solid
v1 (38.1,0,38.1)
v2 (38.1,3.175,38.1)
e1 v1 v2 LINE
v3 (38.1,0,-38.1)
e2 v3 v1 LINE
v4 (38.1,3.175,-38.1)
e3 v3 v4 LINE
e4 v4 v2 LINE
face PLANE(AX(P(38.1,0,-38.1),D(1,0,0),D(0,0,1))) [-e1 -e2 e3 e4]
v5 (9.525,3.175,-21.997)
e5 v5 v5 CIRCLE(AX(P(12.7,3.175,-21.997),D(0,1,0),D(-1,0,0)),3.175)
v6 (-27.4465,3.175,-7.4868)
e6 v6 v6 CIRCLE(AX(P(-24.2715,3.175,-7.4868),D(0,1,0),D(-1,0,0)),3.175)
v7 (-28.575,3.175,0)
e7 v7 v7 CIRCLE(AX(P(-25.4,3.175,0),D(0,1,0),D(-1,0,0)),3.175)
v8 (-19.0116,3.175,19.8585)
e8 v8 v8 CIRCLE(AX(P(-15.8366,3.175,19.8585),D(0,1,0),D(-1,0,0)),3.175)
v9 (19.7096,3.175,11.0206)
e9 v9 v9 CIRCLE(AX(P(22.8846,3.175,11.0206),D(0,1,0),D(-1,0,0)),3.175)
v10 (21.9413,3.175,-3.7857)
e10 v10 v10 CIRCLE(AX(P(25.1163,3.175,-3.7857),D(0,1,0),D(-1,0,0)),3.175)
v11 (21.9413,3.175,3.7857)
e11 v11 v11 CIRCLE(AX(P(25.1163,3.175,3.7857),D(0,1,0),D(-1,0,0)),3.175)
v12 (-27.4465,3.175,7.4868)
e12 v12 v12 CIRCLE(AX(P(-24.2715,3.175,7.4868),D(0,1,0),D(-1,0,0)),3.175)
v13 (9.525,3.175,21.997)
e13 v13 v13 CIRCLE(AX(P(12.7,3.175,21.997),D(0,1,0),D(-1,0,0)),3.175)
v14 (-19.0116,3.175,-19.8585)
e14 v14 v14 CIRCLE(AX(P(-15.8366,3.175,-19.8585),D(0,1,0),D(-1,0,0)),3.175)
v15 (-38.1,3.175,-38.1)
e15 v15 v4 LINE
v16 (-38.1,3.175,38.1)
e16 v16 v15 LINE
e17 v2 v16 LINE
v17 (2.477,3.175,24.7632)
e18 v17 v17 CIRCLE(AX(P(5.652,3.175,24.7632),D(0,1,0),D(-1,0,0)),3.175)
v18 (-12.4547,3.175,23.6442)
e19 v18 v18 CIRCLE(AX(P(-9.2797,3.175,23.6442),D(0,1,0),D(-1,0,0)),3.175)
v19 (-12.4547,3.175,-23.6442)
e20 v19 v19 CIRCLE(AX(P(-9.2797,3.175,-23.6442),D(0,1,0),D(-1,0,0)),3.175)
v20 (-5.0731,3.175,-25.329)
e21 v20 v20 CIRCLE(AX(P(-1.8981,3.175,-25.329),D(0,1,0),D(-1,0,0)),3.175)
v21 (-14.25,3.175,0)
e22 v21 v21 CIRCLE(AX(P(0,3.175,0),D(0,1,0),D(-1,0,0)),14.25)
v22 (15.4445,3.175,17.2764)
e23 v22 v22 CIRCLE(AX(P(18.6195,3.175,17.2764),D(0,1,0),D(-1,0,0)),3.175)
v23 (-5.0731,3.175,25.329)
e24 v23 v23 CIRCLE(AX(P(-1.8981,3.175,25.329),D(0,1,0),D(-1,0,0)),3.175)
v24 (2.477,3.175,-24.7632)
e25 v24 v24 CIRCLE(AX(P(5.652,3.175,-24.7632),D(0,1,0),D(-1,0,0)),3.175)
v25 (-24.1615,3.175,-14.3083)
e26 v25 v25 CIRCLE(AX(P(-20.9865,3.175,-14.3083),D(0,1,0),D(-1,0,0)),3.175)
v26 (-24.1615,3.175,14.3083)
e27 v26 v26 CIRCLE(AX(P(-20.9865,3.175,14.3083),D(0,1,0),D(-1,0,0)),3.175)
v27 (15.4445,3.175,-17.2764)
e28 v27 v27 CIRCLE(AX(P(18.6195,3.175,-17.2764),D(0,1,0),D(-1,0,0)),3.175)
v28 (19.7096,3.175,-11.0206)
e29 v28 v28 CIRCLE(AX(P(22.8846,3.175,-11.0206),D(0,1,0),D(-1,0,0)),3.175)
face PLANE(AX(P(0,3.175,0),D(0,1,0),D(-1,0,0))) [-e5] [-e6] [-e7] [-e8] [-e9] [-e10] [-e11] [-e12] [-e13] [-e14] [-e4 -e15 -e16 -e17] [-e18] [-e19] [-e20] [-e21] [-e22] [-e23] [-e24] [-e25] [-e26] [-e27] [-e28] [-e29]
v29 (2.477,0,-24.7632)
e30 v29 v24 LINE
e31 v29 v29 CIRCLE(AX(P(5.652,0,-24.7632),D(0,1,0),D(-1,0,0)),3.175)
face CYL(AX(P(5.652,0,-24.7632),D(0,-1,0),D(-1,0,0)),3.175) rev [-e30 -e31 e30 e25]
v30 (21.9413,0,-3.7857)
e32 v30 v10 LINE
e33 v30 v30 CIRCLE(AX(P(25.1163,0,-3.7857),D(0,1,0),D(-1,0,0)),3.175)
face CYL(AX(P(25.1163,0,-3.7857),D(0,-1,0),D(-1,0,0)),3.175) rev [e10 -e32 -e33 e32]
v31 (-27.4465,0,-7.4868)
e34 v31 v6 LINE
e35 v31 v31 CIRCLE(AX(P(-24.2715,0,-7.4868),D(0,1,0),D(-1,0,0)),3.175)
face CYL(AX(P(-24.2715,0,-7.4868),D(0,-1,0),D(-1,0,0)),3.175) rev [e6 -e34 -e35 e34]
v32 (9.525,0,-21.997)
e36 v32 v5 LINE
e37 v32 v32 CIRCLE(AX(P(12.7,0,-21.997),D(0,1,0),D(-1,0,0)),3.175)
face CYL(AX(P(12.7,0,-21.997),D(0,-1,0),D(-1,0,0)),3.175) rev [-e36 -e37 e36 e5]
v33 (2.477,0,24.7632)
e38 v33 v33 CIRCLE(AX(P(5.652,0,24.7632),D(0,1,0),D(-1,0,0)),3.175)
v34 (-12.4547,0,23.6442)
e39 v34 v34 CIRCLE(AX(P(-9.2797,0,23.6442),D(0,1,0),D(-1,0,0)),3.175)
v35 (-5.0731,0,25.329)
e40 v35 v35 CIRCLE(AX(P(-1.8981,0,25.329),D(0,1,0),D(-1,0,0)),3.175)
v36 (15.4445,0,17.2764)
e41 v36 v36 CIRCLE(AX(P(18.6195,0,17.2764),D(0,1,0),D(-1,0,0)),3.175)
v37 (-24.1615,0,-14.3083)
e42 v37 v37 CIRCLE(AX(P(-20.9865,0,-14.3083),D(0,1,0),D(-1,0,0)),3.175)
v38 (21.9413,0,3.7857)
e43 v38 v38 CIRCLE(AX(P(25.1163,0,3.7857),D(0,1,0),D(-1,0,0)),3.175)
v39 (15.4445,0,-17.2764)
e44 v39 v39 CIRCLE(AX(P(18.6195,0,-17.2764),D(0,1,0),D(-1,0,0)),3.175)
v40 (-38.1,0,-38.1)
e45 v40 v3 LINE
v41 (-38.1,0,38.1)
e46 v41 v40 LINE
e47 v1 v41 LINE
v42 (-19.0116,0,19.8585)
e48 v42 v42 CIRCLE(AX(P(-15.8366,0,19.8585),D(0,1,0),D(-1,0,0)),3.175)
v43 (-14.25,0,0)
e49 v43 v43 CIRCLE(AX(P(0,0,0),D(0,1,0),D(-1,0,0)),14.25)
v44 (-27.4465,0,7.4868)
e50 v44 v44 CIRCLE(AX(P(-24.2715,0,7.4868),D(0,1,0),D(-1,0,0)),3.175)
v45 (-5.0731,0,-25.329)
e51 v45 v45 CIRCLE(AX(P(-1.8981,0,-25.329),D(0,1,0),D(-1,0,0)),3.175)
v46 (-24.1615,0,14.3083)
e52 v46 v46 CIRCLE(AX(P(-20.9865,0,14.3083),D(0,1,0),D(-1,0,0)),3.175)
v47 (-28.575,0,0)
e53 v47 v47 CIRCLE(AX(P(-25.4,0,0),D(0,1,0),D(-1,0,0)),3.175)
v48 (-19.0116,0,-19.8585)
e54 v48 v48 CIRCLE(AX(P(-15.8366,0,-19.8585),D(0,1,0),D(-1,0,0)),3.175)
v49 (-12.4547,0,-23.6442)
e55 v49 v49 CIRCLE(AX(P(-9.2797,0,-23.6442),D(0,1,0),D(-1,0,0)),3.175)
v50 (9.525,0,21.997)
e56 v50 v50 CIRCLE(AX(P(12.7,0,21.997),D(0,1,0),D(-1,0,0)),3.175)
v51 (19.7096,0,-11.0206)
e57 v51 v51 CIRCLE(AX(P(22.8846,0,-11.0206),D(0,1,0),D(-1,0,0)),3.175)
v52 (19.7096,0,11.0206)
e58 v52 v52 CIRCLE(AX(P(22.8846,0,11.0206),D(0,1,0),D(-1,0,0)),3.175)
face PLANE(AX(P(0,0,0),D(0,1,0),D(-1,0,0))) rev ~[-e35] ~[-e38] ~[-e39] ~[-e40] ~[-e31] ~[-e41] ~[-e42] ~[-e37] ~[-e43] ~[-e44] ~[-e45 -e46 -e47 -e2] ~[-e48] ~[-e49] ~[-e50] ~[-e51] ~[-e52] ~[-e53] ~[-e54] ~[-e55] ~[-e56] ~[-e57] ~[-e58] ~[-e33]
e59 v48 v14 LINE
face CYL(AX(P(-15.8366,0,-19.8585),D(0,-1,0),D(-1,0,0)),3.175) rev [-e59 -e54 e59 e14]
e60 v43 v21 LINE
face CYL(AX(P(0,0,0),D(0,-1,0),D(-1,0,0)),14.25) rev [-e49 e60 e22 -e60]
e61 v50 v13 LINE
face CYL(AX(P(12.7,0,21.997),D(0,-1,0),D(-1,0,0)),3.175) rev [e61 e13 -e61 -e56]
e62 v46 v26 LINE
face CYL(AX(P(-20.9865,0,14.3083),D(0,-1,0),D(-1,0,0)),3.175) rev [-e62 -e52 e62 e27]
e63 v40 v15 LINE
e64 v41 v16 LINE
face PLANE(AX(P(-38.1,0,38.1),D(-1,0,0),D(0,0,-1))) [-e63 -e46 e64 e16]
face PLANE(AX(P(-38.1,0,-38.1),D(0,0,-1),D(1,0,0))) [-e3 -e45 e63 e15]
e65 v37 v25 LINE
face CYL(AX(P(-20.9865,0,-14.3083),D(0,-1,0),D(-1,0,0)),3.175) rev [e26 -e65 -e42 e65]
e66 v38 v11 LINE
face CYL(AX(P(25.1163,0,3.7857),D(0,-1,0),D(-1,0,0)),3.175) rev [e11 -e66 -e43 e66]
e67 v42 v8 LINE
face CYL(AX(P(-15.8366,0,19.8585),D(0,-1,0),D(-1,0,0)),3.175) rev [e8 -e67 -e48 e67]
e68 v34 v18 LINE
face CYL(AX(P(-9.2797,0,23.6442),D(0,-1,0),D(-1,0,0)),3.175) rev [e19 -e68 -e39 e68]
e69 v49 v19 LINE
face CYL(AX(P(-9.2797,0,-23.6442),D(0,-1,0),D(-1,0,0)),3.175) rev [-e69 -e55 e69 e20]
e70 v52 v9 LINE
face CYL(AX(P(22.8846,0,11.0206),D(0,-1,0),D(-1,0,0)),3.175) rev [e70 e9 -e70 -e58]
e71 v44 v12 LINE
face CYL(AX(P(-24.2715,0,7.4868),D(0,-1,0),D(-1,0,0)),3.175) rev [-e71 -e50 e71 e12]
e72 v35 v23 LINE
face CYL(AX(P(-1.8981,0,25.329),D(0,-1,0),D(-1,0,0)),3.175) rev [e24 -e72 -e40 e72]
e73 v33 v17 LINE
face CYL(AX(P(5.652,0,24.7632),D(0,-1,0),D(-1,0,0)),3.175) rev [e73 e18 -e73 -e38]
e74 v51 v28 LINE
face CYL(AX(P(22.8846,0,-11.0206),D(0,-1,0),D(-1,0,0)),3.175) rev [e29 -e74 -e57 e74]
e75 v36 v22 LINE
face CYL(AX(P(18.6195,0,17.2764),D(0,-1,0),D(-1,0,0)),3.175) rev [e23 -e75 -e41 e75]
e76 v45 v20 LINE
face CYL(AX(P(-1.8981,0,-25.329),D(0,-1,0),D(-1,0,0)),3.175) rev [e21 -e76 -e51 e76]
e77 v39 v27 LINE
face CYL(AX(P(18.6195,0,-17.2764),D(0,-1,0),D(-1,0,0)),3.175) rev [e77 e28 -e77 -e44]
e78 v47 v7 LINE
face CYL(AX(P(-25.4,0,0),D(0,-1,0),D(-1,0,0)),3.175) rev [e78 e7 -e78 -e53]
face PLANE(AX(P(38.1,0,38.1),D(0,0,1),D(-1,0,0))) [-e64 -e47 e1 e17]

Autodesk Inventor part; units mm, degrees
ref_plane "YZ Plane" through (0, 0, 0) normal (1, 0, 0) x (0, 1, 0)
ref_plane "XZ Plane" through (0, 0, 0) normal (0, 1, 0) x (-1, 0, 0)
ref_plane "XY Plane" through (0, 0, 0) normal (0, 0, 1) x (1, 0, 0)
sketch "Sketch1" plane through (0, 0, 0) normal (0, 1, 0) x (-1, 0, 0)
  circle A0 centre (0, 0) radius 25.4 construction
  circle A1 centre (25.4, 0) radius 3.175
  line L0 (-38.1, 38.1) -> (38.1, 38.1)
  line L1 (38.1, 38.1) -> (38.1, -38.1)
  line L2 (38.1, -38.1) -> (-38.1, -38.1)
  line L3 (-38.1, -38.1) -> (-38.1, 38.1)
  line L4 (-38.1, 38.1) -> (38.1, -38.1) construction
  line L5 (38.1, 38.1) -> (-38.1, -38.1) construction
  circle A2 centre (24.2715, -7.4868) radius 3.175
  circle A3 centre (20.9865, -14.3083) radius 3.175
  circle A4 centre (15.8366, -19.8585) radius 3.175
  circle A5 centre (9.2797, -23.6442) radius 3.175
  circle A6 centre (1.8981, -25.329) radius 3.175
  circle A7 centre (-5.652, -24.7632) radius 3.175
  circle A8 centre (-12.7, -21.997) radius 3.175
  circle A9 centre (-18.6195, -17.2764) radius 3.175
  circle A10 centre (-22.8846, -11.0206) radius 3.175
  circle A11 centre (-25.1163, -3.7857) radius 3.175
  circle A12 centre (-25.1163, 3.7857) radius 3.175
  circle A13 centre (-22.8846, 11.0206) radius 3.175
  circle A14 centre (-18.6195, 17.2764) radius 3.175
  circle A15 centre (-12.7, 21.997) radius 3.175
  circle A16 centre (-5.652, 24.7632) radius 3.175
  circle A17 centre (1.8981, 25.329) radius 3.175
  circle A18 centre (9.2797, 23.6442) radius 3.175
  circle A19 centre (15.8366, 19.8585) radius 3.175
  circle A20 centre (20.9865, 14.3083) radius 3.175
  circle A21 centre (24.2715, 7.4868) radius 3.175
  circle A22 centre (0, 0) radius 14.25
  dimension "d0" = 50.8
  dimension "d1" = 6.35
  dimension "d6" = 76.2
  dimension "d7" = 76.2
  dimension "d15" = 360
  dimension "d17" = 28.5
extrude "Extrusion1" add sketch "Sketch1" along normal blind 3.175
properties part number "basePlate"
